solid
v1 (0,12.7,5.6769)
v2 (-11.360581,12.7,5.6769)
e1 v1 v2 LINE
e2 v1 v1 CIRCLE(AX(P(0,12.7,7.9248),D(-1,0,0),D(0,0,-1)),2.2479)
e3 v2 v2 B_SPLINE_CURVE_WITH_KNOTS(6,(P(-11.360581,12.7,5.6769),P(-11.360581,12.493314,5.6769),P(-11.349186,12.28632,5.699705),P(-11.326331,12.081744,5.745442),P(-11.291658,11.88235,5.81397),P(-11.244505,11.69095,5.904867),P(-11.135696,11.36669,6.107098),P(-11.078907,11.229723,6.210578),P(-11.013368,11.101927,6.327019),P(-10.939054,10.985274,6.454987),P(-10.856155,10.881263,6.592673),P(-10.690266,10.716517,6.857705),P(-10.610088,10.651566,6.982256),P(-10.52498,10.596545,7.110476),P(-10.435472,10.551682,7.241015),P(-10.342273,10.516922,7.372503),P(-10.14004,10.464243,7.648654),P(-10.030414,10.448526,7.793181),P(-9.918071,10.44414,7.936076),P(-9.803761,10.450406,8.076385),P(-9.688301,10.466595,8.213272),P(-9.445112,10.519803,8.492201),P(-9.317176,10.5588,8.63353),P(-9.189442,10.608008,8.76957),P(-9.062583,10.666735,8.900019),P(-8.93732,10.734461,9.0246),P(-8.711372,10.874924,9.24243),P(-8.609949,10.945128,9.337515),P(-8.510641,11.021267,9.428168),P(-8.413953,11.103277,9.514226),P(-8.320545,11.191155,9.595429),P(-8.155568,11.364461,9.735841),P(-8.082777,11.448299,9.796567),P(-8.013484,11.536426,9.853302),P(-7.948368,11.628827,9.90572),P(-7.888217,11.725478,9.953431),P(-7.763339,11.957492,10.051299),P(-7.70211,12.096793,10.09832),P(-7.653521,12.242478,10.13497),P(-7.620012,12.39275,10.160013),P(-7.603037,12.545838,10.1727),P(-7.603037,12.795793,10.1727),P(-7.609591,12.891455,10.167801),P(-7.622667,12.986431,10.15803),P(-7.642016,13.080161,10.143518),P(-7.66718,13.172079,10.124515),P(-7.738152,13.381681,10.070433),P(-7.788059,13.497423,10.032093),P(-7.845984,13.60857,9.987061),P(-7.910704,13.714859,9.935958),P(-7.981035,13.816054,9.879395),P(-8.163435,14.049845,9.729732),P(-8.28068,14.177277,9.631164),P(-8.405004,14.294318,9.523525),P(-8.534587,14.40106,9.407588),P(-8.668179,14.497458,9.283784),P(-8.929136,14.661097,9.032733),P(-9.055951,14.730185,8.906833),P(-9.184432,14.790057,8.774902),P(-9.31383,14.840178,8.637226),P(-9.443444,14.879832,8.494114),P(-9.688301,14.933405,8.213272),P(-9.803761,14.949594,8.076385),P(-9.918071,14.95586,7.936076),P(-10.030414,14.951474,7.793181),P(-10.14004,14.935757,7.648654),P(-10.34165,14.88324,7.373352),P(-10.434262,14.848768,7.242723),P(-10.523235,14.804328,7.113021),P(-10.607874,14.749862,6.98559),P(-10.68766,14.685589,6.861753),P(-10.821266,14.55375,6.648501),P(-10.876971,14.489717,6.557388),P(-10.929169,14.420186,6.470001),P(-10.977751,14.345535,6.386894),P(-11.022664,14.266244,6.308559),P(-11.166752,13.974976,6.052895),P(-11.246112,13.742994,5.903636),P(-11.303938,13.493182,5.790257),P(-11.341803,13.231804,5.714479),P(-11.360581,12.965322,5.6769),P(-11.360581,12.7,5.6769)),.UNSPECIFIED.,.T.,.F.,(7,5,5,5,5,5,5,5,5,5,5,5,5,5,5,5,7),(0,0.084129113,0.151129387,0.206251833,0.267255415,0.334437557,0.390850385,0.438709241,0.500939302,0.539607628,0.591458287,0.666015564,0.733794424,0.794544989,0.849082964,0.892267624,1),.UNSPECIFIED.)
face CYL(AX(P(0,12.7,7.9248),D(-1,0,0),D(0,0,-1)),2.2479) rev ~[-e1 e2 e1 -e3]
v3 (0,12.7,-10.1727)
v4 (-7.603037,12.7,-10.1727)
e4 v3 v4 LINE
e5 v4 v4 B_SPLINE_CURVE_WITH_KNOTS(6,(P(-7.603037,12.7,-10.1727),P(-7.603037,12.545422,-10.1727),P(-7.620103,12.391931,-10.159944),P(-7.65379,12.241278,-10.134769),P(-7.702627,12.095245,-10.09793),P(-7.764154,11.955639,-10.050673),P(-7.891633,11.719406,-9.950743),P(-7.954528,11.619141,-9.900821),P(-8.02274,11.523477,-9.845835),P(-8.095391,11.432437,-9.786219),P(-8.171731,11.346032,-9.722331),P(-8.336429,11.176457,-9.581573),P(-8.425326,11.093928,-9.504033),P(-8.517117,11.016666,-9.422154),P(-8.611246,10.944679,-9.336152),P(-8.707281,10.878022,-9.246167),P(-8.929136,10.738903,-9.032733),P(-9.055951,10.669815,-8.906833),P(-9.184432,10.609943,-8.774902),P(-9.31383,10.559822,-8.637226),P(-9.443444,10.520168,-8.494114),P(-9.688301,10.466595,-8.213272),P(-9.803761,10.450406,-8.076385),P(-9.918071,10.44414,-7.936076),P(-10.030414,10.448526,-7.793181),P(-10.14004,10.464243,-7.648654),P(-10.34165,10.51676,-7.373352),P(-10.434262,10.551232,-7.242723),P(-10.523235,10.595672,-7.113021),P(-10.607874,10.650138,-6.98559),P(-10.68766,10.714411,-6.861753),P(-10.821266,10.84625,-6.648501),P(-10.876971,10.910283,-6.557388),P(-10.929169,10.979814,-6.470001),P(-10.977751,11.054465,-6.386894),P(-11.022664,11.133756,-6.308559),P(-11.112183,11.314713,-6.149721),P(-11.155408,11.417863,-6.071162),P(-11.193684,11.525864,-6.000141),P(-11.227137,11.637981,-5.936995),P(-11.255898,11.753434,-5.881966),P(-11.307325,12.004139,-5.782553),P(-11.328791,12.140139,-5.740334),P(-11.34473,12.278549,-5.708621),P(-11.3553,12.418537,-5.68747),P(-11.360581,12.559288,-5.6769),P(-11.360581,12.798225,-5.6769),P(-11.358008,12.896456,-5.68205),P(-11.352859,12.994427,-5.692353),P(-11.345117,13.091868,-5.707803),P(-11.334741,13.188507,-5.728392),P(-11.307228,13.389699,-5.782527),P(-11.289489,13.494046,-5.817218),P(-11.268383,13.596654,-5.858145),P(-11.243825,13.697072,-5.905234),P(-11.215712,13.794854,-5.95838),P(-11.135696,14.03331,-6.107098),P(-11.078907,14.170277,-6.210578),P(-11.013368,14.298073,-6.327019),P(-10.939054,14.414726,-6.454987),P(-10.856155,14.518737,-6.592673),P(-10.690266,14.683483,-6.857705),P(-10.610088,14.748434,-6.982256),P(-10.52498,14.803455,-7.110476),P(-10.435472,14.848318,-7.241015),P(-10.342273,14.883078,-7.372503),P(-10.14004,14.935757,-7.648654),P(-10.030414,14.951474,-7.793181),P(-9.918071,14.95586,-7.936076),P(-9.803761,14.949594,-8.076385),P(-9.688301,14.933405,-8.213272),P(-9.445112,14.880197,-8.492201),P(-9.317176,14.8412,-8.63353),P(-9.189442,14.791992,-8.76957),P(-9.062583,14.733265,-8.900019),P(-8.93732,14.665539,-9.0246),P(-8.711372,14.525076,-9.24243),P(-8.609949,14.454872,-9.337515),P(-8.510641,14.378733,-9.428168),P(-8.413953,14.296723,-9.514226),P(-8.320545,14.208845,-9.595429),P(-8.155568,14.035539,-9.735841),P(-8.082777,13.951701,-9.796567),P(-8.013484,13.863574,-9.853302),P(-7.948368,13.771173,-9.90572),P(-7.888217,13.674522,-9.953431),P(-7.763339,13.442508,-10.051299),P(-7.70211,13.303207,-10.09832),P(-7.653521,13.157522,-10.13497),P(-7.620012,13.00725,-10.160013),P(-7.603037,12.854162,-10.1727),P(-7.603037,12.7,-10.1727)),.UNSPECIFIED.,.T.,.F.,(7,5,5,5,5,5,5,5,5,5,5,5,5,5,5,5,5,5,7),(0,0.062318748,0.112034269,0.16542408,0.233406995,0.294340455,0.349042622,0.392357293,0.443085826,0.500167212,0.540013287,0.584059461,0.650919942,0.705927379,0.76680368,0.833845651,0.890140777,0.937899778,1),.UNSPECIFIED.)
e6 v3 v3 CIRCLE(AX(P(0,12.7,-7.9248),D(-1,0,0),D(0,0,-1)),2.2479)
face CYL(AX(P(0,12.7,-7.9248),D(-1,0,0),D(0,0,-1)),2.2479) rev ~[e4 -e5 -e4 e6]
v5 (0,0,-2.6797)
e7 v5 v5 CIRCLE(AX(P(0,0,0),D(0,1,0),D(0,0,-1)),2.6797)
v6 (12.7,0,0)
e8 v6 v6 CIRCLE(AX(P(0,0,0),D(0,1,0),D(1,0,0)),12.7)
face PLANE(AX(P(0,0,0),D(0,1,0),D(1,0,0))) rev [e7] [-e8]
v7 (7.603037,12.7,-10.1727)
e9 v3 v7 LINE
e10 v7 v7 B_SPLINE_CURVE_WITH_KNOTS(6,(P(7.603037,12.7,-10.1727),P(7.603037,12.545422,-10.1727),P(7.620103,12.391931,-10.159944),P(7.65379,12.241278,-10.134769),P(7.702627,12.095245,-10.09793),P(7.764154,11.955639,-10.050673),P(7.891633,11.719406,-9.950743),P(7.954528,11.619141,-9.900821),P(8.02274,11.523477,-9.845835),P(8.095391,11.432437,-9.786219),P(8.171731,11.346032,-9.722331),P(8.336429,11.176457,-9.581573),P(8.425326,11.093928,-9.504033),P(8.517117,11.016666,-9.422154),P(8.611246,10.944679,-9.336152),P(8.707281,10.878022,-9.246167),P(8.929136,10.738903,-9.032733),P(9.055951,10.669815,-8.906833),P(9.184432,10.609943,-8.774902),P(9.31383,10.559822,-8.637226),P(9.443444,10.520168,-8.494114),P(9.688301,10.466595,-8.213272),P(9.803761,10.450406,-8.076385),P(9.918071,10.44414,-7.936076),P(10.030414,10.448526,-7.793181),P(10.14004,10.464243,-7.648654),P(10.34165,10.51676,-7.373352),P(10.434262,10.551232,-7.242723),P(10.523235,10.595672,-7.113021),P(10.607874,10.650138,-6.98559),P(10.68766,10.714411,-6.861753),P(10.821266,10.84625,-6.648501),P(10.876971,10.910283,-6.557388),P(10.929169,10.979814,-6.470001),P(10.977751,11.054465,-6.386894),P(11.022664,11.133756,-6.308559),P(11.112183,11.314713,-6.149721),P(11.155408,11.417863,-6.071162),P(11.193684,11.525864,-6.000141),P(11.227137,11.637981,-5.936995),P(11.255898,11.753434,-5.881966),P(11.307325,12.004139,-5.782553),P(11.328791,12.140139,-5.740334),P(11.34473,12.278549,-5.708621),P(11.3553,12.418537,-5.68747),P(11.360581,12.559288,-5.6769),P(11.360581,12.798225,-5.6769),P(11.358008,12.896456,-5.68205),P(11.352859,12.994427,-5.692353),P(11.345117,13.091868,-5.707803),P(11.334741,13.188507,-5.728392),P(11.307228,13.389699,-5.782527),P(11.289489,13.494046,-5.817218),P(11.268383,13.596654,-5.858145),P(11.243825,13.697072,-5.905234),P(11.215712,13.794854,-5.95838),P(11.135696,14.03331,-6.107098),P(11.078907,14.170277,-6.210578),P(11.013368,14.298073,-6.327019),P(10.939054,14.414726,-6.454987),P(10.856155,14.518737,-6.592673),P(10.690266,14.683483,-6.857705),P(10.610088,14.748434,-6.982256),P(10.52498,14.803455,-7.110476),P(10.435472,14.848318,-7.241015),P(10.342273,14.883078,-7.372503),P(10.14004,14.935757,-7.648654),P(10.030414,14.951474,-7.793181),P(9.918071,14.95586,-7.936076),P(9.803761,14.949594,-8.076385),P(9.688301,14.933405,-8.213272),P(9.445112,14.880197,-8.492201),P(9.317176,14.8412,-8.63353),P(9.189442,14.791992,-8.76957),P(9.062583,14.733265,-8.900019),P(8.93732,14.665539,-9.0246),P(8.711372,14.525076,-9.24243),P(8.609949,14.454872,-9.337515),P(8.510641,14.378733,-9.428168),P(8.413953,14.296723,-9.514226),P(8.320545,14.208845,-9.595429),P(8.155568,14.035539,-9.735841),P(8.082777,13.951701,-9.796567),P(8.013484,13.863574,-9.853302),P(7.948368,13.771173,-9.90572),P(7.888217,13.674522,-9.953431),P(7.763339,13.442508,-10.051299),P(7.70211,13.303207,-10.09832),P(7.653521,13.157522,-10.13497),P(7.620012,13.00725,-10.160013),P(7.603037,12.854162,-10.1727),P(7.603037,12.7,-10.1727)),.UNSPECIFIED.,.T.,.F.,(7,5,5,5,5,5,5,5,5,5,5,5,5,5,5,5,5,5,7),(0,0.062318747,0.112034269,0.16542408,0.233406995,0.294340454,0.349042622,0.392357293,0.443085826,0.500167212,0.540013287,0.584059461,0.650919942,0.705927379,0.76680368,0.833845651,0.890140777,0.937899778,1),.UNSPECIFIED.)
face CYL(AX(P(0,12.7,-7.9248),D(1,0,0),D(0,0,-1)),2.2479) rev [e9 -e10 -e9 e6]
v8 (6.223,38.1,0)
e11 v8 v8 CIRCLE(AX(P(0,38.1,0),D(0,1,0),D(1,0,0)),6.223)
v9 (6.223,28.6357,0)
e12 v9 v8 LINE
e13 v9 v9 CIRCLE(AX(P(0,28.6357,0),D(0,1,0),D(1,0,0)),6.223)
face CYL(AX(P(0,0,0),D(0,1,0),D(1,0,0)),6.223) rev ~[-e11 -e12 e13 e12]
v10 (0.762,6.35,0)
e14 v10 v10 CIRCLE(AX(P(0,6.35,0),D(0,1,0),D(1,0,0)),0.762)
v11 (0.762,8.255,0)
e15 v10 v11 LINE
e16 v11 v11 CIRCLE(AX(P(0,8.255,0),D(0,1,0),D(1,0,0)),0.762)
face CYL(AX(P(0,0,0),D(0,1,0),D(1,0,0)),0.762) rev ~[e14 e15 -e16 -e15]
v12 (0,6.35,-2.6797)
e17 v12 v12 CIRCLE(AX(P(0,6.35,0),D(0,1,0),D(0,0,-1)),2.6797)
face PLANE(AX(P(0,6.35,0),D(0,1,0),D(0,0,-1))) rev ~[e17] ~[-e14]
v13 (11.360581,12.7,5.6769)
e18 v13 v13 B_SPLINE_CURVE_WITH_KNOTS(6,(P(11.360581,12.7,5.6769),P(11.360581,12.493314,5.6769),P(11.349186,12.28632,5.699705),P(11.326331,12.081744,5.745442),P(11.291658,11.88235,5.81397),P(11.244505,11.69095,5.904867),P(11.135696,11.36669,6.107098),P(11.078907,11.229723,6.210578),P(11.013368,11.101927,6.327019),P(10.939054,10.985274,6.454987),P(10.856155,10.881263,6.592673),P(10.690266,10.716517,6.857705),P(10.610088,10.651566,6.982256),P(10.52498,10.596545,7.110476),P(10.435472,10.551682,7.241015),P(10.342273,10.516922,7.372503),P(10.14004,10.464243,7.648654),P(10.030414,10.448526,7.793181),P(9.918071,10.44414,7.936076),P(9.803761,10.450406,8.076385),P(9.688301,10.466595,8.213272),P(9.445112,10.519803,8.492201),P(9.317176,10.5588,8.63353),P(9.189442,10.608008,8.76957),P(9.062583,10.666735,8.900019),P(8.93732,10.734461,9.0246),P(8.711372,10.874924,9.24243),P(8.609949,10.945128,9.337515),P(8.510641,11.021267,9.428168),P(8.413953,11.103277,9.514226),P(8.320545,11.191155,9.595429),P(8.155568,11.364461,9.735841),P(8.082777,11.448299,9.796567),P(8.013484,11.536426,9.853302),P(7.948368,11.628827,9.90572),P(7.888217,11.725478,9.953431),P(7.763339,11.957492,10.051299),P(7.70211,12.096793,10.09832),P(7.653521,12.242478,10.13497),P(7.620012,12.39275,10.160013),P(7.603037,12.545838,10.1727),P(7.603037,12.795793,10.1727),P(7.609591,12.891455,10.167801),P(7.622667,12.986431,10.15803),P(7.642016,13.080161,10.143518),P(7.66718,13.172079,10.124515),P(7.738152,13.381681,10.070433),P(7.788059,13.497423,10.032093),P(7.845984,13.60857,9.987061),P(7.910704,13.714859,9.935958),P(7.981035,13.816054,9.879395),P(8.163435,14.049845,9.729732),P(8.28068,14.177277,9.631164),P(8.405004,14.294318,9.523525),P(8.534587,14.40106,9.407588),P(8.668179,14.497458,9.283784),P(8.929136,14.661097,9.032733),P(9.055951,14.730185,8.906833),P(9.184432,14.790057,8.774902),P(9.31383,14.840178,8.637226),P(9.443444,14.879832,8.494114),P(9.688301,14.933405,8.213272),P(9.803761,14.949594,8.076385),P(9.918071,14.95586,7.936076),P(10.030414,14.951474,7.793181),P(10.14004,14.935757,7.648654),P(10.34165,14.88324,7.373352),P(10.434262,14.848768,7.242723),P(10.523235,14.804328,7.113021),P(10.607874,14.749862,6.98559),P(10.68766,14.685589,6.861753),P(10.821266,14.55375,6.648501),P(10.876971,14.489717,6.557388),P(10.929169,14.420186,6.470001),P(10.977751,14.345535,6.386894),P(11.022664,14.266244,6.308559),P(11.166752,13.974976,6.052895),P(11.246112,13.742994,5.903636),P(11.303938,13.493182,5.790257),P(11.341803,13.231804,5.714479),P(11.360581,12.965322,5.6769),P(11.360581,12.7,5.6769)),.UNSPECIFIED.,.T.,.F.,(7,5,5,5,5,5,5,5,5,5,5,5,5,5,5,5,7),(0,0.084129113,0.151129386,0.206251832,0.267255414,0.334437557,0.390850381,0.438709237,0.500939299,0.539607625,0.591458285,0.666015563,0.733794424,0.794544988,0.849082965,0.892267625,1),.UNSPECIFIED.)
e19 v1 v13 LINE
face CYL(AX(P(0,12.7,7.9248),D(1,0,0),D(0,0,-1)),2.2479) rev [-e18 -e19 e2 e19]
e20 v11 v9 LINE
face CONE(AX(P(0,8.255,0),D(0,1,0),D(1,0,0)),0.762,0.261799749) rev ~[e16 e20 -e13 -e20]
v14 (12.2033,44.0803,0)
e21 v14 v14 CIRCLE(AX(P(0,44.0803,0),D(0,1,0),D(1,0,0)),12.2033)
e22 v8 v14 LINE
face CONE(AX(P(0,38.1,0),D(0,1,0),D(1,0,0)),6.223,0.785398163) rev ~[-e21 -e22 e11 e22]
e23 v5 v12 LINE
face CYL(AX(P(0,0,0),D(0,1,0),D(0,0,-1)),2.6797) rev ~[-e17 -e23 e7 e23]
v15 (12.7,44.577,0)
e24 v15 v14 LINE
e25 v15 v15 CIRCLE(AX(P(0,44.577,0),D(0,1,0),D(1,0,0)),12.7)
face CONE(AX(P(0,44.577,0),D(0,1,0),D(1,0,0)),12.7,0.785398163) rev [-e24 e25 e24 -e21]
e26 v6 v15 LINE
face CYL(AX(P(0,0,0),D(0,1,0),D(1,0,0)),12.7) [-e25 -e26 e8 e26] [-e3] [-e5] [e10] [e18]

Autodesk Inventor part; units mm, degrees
ref_plane "YZ Plane" through (0, 0, 0) normal (1, 0, 0) x (0, 1, 0)
ref_plane "XZ Plane" through (0, 0, 0) normal (0, 1, 0) x (-1, 0, 0)
ref_plane "XY Plane" through (0, 0, 0) normal (0, 0, 1) x (1, 0, 0)
sketch "Sketch1" plane through (0, 0, 0) normal (0, 0, 1) x (1, 0, 0)
  line L0 (0, 0) -> (6.223, 0)
  line L1 (0, 0) -> (6.223, 0) construction
  line L2 (6.223, 0) -> (6.223, 38.1)
  line L3 (0, 0) -> (0.762, 0)
  line L4 (0.762, 0) -> (0.762, 8.255)
  line L5 (0.762, 8.255) -> (6.223, 28.6357)
  line L6 (6.223, 28.6357) -> (6.223, 38.1)
  line L7 (0, 0) -> (12.7, 0)
  line L8 (0, -8.9154) -> (0, 53.4924) projected
  line L9 (6.223, 38.1) -> (12.2033, 44.0803)
  line L10 (6.223, 38.1) -> (14.6805, 38.1) construction
  line L11 (12.2033, 44.0803) -> (12.7, 0)
  line L12 (12.7, 0) -> (12.7, 44.577)
  line L13 (12.7, 44.577) -> (6.223, 38.1)
  dimension "d0" = 6.223
  dimension "d1" = 0
  dimension "d2" = 38.1
  dimension "d3" = 90
  dimension "d4" = 0.762
  dimension "d5" = 8.255
  dimension "d6" = 165
  dimension "d7" = 12.7
  dimension "d18" = 45
revolve "Revolution1" add sketch "Sketch1" angle 360 about axis through (0, -10, 0) along (0, 1, 0)
sketch "Sketch3" plane through (0, 0, 0) normal (0, -1, 0) x (1, 0, 0)
  point P0 (0, 0)
  point P1 (0, 0)
hole "Hole2" at (0, 0, 0) direction (0, 1, 0) diameter 5.3594 depth 6.35 thread size "1/4-28 UNF" class "2B" standard "ANSI Unified Screw Threads"
sketch "Sketch4" plane through (0, 0, 0) normal (1, 0, 0) x (0, 1, 0)
  line L0 (0, 12.7) -> (0, -12.7) projected
  line L1 (0, 12.7) -> (0, 7.9248)
  line L2 (0, 7.9248) -> (12.7, 7.9248)
  line L3 (0, -12.7) -> (0, -7.9248)
  line L4 (0, -7.9248) -> (12.7, -7.9248)
  point P0 (0, 0)
  dimension "d28" = 4.7752
  dimension "d29" = 12.7
  dimension "d30" = 4.7752
  dimension "d31" = 12.7
  dimension "d32" = 90
hole "Hole3" at (0, 12.7, 7.9248) at (0, 12.7, -7.9248) direction (-1, 0, 0) diameter 4.4958 end through all clearance for "Socket Head Cap Screw" size "#8" standard "Ansi Unified Screw Threads"
mirror "Mirror1" about plane through (0, 0, 0) normal (1, 0, 0) of "Hole3"
equation "\"d47\" = 55deg"
equation "\"Sketch5_Pitch\" = 0.90714"
properties part number "catch vertical seal-tighttol-thread"
